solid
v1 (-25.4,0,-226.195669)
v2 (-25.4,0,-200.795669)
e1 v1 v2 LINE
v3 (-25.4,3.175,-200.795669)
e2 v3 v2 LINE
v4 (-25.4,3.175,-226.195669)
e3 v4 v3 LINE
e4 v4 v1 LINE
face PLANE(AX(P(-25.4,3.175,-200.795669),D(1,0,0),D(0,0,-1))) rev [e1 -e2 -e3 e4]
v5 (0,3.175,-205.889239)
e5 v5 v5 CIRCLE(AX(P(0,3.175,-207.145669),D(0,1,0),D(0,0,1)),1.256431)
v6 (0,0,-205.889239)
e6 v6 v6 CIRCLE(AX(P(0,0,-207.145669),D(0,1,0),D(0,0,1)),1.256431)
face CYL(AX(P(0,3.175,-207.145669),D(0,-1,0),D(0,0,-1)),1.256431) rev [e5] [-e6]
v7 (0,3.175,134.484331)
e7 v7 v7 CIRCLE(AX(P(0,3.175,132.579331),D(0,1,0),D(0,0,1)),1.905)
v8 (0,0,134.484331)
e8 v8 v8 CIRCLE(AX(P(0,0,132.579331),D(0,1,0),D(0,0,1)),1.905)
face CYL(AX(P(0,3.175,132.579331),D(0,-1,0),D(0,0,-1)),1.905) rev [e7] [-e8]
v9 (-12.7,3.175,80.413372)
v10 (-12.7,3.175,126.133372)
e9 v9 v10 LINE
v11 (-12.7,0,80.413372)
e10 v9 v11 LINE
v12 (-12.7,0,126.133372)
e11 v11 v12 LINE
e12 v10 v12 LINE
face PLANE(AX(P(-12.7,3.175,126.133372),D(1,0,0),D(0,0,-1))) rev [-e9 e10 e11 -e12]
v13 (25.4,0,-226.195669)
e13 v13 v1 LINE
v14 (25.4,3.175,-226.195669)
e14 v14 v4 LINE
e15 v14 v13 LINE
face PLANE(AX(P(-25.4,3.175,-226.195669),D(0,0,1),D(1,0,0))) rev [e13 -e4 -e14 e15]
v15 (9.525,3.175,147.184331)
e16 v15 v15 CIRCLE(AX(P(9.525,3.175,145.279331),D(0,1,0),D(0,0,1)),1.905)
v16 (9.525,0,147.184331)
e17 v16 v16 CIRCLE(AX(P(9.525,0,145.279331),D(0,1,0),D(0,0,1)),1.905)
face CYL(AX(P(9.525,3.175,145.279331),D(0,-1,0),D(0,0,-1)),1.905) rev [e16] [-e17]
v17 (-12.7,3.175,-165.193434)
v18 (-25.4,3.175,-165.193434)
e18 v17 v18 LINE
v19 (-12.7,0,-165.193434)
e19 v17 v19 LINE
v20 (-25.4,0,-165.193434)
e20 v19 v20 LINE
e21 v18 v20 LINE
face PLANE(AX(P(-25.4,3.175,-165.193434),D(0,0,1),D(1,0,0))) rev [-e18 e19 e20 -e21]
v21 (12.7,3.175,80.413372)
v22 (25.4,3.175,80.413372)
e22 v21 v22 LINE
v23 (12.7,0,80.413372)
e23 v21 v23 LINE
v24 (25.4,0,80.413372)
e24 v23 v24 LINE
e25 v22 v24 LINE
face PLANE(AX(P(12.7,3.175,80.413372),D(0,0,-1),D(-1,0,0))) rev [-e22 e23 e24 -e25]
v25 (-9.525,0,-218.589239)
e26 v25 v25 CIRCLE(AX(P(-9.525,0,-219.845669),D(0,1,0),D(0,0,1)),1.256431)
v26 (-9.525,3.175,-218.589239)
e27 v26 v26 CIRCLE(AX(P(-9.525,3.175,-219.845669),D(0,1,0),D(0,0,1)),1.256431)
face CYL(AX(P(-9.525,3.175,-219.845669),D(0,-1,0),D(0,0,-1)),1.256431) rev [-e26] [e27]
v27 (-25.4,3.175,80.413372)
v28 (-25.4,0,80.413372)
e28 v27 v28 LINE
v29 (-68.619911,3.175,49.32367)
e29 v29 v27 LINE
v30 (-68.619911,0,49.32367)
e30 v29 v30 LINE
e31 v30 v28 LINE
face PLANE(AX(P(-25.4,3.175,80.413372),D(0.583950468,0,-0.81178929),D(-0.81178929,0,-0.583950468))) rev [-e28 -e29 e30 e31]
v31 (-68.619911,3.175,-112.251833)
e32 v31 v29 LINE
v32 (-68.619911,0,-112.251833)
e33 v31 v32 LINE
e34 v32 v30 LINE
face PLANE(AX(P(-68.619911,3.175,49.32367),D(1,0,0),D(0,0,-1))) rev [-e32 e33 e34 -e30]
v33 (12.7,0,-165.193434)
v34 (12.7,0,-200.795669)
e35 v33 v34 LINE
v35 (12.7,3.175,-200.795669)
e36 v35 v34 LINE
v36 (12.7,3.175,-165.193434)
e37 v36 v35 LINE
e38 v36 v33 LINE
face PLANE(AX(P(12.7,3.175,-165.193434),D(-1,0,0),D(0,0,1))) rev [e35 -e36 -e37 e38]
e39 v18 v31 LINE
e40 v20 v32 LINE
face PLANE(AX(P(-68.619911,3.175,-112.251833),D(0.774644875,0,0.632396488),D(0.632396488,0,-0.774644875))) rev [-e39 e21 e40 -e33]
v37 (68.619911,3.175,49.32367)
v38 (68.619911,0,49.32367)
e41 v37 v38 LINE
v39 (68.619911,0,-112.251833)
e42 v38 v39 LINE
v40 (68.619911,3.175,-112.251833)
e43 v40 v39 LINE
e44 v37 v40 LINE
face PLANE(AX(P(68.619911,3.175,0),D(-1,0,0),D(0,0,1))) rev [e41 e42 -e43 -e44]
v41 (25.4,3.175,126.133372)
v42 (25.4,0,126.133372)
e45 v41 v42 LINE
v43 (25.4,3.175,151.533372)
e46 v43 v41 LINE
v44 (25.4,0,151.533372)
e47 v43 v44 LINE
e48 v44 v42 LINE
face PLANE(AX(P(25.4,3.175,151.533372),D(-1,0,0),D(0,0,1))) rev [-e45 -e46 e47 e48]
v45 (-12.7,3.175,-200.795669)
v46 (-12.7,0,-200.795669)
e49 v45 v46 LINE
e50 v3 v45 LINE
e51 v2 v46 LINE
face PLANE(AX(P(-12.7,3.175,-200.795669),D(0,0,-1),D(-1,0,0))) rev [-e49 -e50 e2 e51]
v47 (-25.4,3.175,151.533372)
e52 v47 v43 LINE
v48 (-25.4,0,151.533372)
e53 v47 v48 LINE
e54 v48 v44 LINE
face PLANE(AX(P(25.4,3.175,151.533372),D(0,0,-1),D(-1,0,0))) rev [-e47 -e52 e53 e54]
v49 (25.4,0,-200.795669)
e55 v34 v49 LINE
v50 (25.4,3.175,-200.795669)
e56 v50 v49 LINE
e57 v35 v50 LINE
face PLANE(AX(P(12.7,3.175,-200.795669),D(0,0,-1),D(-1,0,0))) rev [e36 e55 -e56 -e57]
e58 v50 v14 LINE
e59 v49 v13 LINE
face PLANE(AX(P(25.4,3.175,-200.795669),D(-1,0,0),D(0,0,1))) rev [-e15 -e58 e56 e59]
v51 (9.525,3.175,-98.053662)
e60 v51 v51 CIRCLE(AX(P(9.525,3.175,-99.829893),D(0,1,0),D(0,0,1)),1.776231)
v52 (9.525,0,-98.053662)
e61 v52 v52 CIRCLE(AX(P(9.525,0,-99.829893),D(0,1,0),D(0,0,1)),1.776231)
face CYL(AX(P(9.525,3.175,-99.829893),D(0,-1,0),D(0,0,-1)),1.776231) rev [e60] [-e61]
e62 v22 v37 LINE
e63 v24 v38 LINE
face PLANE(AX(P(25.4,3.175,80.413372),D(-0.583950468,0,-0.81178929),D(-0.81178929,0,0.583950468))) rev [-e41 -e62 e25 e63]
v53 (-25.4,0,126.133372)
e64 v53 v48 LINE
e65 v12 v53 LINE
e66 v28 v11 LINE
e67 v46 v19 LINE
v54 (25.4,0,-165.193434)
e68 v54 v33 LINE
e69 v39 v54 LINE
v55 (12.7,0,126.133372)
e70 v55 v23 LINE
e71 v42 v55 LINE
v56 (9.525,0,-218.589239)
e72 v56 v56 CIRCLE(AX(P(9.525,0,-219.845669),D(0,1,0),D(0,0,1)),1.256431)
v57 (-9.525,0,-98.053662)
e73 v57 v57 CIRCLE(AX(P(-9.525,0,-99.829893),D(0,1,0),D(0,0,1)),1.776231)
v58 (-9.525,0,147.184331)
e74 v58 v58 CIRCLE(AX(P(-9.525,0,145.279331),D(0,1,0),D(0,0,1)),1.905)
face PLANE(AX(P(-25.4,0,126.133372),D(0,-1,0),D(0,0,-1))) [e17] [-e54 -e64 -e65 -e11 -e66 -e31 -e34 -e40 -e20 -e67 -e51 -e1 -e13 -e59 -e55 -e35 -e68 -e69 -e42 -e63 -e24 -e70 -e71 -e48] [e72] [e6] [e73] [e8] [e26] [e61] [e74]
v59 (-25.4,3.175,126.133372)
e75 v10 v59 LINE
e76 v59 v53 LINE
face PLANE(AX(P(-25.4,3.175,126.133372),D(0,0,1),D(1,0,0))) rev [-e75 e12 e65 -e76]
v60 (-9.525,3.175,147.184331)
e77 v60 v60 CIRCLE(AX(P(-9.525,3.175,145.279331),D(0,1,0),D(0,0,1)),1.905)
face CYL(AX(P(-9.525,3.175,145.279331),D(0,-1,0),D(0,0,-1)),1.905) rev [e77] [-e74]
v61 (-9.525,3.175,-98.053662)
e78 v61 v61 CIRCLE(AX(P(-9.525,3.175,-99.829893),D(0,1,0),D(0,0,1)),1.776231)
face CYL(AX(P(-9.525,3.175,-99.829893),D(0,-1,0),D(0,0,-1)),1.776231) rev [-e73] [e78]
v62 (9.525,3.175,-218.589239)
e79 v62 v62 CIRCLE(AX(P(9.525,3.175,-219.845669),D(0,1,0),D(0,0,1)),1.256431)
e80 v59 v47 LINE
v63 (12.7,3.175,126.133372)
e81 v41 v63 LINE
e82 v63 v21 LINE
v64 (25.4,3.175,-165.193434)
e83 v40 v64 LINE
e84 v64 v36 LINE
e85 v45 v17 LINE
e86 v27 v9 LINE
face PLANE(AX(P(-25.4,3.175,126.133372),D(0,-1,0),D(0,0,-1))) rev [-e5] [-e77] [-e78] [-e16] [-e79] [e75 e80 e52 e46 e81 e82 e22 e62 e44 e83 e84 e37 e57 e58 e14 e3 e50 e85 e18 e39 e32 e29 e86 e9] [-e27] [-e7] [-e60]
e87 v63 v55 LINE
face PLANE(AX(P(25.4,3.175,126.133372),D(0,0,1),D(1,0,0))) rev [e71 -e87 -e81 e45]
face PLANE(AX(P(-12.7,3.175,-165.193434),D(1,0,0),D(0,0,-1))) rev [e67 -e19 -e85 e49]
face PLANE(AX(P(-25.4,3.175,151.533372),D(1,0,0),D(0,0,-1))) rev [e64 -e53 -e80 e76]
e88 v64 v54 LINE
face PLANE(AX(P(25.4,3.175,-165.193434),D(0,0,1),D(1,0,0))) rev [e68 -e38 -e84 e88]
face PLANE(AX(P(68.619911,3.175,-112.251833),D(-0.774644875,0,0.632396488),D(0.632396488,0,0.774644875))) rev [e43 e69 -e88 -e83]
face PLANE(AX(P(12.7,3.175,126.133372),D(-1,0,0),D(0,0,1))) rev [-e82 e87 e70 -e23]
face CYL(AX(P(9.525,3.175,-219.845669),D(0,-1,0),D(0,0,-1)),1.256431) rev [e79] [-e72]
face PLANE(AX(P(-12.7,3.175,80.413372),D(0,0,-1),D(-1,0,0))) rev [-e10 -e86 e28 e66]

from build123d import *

# Parameters (mm, degrees)
SKETCH2_R           = 1.256430983
SKETCH2_R_2         = 1.905
SKETCH2_R_3         = 1.776231012
BOSS_EXTRUDE2_DEPTH = 3.175


with BuildPart() as part:
    # Sketch2 → Boss-Extrude2 (new body)
    with BuildSketch(Plane(origin=(0, 0, 0), x_dir=(1, 0, 0), z_dir=(0, 1, 0))):
        Polygon((25.4, -151.533371864), (-25.4, -151.533371864), (-25.4, -126.133371864), (-12.7, -126.133371864), (-12.7, -80.413371864), (-25.4, -80.413371864), (-68.619910987, -49.323669691), (-68.619910987, 0), (-68.619910987, 112.251832626), (-25.4, 165.193433608), (-12.7, 165.193433608), (-12.7, 200.795669484), (-25.4, 200.795669484), (-25.4, 226.195669484), (25.4, 226.195669484), (25.4, 200.795669484), (12.7, 200.795669484), (12.7, 165.193433608), (25.4, 165.193433608), (68.619910987, 112.251832626), (68.619910987, 0), (68.619910987, -49.323669691), (25.4, -80.413371864), (12.7, -80.413371864), (12.7, -126.133371864), (25.4, -126.133371864), align=None)
        with Locations(Location((-9.525, 219.845669484, 0), (0, 0, 270))):
            Circle(SKETCH2_R, mode=Mode.SUBTRACT)
        with Locations(Location((9.525, 219.845669484, 0), (0, 0, 270))):
            Circle(SKETCH2_R, mode=Mode.SUBTRACT)
        with Locations(Location((0, 207.145669484, 0), (0, 0, 270))):
            Circle(SKETCH2_R, mode=Mode.SUBTRACT)
        with Locations(Location((9.525, -145.279330516, 0), (0, 0, 270))):
            Circle(SKETCH2_R_2, mode=Mode.SUBTRACT)
        with Locations(Location((0, -132.579330516, 0), (0, 0, 270))):
            Circle(SKETCH2_R_2, mode=Mode.SUBTRACT)
        with Locations(Location((-9.525, -145.279330516, 0), (0, 0, 270))):
            Circle(SKETCH2_R_2, mode=Mode.SUBTRACT)
        with Locations(Location((-9.525, 99.829892631, 0), (0, 0, 270))):
            Circle(SKETCH2_R_3, mode=Mode.SUBTRACT)
        with Locations(Location((9.525, 99.829892631, 0), (0, 0, 270))):
            Circle(SKETCH2_R_3, mode=Mode.SUBTRACT)
    extrude(amount=BOSS_EXTRUDE2_DEPTH)


solid = part.part
